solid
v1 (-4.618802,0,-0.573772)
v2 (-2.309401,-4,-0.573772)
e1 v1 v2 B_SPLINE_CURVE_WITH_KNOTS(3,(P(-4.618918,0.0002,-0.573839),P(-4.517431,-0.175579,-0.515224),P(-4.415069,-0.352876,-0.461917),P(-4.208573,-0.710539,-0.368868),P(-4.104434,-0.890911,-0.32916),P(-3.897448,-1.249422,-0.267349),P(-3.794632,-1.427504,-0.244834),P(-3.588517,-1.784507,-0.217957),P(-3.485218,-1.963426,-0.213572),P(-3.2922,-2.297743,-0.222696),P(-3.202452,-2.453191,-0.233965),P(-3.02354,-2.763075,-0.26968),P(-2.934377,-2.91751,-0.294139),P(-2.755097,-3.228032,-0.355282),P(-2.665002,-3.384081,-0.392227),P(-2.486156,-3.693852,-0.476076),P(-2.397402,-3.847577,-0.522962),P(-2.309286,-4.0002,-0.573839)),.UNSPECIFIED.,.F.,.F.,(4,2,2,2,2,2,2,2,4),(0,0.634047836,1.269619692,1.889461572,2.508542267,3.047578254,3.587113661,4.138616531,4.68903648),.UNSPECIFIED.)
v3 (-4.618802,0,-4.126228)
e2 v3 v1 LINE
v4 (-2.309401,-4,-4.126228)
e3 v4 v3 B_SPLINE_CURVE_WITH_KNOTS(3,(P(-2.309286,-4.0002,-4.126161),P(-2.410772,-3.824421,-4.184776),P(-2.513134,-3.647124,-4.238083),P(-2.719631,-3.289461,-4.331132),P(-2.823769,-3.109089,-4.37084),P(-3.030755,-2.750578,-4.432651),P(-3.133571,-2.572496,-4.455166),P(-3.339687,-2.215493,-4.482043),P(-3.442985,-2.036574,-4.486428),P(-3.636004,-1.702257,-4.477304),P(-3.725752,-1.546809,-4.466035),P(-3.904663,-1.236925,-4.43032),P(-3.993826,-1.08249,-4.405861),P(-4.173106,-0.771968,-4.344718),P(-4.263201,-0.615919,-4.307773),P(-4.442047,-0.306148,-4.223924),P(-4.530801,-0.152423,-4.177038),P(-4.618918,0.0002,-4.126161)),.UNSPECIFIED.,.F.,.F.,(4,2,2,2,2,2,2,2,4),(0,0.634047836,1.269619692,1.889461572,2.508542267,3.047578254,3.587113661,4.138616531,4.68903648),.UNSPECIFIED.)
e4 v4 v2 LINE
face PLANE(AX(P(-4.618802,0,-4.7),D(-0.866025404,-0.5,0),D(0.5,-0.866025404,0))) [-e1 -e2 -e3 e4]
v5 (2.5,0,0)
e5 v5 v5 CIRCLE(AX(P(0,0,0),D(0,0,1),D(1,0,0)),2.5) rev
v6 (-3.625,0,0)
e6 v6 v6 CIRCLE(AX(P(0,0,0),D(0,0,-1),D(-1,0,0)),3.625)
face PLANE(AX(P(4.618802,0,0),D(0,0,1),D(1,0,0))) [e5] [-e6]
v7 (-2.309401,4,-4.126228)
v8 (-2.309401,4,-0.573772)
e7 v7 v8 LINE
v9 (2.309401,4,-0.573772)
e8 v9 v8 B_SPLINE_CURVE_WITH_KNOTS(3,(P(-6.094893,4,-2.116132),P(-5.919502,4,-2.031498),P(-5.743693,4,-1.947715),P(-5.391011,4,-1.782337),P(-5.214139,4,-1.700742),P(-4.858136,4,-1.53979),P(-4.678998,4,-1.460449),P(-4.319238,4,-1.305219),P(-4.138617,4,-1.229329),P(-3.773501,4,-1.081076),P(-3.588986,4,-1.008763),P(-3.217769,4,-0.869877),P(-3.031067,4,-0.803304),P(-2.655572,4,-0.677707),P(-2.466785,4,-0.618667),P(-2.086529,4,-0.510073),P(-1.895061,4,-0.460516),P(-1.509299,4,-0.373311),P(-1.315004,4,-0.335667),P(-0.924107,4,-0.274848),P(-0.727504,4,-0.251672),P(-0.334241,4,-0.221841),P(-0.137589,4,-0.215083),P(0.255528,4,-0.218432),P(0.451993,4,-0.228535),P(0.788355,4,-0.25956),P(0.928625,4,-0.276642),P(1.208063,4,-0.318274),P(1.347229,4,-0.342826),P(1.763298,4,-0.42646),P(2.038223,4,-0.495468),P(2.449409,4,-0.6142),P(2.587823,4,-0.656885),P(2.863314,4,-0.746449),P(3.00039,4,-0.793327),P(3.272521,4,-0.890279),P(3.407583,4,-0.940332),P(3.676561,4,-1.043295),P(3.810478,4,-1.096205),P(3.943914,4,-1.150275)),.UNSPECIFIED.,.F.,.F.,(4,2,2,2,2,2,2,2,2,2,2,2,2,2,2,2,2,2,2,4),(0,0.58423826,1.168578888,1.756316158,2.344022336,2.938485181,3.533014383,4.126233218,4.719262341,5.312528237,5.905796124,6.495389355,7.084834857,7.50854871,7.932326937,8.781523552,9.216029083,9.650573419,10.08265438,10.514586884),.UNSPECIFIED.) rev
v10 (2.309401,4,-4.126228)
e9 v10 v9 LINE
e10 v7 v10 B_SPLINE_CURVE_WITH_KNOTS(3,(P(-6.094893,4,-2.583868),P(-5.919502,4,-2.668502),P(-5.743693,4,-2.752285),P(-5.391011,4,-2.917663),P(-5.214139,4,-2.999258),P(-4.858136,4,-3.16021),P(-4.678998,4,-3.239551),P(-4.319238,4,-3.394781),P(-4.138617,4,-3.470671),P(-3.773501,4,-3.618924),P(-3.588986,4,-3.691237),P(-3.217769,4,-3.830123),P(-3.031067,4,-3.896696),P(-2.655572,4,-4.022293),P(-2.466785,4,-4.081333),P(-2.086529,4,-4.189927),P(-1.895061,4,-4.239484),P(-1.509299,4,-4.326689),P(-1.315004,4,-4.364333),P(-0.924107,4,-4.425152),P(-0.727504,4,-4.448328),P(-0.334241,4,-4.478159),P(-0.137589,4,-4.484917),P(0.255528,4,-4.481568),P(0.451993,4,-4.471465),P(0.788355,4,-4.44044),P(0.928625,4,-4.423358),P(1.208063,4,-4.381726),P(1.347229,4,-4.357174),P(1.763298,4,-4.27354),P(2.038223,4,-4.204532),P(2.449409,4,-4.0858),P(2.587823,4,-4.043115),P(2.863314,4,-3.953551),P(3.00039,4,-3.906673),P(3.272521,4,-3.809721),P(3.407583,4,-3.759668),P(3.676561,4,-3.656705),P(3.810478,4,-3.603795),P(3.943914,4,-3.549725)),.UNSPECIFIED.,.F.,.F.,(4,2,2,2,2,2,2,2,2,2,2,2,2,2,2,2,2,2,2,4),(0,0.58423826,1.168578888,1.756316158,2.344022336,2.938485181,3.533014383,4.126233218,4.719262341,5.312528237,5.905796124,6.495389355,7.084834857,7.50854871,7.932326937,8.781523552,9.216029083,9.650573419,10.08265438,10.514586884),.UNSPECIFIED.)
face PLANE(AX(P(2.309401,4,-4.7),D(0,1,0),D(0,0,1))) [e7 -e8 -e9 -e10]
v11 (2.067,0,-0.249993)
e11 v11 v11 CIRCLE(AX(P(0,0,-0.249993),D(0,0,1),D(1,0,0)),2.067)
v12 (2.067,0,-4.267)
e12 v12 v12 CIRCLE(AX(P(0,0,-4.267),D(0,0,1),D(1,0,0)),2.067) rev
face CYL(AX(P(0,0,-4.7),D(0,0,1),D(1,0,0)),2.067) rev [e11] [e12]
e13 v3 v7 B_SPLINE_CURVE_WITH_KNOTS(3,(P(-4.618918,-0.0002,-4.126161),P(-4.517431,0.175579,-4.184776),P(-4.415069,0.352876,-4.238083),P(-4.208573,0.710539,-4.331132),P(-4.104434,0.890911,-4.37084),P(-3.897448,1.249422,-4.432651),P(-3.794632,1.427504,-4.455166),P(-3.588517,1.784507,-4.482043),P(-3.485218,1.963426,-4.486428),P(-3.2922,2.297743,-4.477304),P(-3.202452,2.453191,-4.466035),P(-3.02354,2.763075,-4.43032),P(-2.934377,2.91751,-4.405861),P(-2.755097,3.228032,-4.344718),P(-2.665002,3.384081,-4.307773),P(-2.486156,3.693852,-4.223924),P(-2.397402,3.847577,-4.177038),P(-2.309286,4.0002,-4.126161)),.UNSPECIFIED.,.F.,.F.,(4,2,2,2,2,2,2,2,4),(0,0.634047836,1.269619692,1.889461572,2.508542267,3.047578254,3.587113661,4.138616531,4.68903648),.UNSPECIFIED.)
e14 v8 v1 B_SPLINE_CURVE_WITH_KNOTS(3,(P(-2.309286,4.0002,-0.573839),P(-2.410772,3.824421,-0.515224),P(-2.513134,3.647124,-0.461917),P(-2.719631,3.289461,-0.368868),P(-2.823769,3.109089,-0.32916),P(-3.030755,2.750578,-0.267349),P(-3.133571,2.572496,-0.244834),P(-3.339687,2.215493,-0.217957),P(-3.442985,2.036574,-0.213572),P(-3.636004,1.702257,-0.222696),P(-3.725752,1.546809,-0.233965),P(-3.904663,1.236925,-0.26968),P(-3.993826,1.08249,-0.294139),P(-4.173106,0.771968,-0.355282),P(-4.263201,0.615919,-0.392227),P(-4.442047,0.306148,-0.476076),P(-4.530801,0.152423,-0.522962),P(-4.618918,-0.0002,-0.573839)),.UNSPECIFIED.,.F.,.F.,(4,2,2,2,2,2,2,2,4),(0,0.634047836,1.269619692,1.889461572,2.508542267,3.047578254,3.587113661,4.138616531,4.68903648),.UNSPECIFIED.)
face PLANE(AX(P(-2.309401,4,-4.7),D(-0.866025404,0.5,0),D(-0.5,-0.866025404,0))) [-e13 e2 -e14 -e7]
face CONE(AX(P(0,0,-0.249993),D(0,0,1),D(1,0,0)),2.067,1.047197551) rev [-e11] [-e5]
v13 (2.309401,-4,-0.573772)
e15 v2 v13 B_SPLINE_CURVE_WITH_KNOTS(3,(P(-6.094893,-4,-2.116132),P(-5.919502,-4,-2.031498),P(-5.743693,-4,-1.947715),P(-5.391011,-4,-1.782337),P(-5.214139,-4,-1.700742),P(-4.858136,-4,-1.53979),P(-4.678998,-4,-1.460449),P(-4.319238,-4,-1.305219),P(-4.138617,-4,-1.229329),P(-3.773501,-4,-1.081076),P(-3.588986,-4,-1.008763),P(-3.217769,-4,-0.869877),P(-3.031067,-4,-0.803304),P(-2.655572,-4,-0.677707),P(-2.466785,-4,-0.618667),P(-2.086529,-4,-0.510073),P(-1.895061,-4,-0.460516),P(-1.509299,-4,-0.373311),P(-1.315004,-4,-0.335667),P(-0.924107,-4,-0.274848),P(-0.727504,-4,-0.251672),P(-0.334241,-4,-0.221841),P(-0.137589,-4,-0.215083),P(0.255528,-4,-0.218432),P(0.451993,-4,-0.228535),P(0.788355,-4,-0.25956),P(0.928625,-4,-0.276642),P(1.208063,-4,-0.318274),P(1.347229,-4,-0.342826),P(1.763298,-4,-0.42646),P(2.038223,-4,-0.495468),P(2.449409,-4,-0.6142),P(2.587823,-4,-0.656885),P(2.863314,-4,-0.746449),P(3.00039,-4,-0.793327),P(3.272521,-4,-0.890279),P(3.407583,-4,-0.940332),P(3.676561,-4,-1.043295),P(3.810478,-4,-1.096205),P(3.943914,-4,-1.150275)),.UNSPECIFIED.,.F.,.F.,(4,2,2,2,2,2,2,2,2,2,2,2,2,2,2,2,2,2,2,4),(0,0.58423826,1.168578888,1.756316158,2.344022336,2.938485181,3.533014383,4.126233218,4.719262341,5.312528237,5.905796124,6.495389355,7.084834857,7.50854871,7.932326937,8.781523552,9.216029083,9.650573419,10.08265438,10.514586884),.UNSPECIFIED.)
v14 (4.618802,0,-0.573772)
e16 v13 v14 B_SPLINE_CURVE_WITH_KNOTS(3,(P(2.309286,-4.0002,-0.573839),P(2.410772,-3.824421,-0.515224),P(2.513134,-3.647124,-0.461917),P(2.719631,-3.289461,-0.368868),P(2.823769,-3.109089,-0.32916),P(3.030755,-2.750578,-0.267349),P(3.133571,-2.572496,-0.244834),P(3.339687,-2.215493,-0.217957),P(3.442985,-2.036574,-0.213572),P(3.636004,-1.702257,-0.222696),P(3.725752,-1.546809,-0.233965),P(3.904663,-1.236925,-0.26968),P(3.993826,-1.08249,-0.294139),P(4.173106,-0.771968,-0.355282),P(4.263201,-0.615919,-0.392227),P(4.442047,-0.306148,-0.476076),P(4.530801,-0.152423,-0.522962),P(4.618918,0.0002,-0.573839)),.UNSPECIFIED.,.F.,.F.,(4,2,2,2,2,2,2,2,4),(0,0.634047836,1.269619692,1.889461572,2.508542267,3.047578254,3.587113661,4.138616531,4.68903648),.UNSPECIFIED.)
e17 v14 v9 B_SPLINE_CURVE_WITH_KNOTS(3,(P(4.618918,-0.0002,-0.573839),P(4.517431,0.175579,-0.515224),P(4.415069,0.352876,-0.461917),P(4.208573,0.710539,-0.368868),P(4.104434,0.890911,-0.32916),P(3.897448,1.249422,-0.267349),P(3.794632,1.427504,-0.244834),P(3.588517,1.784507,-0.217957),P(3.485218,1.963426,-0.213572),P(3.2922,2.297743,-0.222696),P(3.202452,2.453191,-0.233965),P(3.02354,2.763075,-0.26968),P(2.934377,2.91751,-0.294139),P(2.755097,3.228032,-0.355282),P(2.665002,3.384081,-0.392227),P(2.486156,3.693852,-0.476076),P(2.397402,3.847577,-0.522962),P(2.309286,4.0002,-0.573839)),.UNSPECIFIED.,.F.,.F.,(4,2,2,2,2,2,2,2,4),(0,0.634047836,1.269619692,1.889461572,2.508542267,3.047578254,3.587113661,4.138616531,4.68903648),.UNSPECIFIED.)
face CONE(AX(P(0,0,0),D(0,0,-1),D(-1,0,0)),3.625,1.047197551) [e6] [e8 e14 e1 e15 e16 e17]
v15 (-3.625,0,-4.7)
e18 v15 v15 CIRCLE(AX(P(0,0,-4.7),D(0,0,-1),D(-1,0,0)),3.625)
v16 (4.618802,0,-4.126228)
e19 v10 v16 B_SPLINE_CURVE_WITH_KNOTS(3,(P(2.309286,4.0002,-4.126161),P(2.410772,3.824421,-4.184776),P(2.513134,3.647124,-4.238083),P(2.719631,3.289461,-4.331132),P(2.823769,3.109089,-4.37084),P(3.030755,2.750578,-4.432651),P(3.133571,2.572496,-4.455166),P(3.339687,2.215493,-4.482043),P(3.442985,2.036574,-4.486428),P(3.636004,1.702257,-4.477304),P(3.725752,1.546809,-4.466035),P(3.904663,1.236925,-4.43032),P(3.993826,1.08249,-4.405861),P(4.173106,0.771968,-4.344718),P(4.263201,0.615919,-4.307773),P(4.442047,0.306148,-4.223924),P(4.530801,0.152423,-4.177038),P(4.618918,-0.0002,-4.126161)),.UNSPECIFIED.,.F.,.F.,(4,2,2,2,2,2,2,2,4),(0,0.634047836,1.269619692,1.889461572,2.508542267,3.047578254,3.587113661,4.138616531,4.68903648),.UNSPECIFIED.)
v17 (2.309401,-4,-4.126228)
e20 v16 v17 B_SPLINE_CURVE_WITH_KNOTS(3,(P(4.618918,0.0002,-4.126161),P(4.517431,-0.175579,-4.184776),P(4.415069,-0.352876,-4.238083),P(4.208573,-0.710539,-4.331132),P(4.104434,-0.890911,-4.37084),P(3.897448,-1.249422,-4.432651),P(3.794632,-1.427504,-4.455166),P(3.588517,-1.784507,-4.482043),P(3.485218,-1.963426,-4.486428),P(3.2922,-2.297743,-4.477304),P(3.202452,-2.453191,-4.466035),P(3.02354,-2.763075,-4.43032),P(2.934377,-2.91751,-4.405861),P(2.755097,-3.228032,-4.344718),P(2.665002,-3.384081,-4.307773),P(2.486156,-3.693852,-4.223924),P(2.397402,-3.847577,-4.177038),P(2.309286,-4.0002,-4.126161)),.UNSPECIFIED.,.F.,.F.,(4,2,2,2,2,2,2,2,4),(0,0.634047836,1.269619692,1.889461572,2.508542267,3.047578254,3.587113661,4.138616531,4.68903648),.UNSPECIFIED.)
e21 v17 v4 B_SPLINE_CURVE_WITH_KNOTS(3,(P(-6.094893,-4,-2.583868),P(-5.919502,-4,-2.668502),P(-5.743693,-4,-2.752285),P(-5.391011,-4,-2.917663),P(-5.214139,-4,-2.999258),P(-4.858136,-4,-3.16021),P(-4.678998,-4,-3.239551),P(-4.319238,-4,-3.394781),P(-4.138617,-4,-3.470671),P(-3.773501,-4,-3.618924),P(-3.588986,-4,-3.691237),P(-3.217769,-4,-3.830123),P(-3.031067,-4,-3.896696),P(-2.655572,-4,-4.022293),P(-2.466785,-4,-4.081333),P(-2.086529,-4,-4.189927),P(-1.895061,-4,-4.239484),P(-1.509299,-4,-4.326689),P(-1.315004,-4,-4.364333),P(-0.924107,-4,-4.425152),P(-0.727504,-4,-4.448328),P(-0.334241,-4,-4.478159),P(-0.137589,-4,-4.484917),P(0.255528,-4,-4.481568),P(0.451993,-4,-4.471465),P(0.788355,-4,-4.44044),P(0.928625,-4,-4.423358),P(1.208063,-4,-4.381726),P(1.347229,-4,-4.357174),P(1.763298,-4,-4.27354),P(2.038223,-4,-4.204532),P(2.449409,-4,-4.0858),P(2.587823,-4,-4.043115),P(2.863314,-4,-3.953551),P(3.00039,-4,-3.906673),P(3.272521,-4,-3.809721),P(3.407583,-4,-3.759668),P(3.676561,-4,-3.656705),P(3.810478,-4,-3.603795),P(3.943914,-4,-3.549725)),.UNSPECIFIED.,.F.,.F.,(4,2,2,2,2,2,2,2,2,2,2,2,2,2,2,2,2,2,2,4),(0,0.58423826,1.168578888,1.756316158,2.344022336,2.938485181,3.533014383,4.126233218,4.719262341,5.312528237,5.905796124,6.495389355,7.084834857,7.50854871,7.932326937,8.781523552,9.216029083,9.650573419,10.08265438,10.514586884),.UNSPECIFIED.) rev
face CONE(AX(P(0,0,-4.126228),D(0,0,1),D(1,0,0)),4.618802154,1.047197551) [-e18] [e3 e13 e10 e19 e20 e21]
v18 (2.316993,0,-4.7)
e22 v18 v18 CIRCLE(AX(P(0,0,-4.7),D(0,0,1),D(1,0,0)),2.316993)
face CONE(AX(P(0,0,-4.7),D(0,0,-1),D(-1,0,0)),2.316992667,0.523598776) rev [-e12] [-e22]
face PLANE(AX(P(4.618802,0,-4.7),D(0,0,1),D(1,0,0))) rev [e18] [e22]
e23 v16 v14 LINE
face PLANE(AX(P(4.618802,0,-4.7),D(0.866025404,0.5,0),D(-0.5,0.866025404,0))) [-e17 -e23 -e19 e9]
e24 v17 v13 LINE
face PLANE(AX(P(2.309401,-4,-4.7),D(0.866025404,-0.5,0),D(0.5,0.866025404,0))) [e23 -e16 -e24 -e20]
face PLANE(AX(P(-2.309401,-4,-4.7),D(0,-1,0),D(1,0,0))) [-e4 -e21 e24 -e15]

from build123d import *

# Parameters (mm, degrees)
SKETCH1_R               = 2.067
BASENUT_DEPTH           = 4.7
ENDCHAMFER_SIZE         = 0.433
ENDCHAMFER_SIZE2        = 0.249992667
ENDCHAMFER_PART_2_SIZE  = 0.433
ENDCHAMFER_PART_2_SIZE2 = 0.249992667


with BuildPart() as part:
    # Sketch1 → BaseNut (new body)
    with BuildSketch(Plane.XY):
        Polygon((4.618802154, 0), (2.309401077, 4), (-2.309401077, 4), (-4.618802154, 0), (-2.309401077, -4), (2.309401077, -4), align=None)
        Circle(SKETCH1_R, mode=Mode.SUBTRACT)
    extrude(amount=-BASENUT_DEPTH)

    # Sketch2 → Double-Chamfer (revolve, cut)
    with BuildSketch(Plane(origin=(0, 0, 0), x_dir=(1, 0, 0), z_dir=(0, 1, 0))):
        Polygon((-4.618802154, 4.7), (-3.625, 4.7), (-4.618802154, 4.126228059), align=None)
        Polygon((-4.618802154, 0.573771941), (-4.618802154, 0), (-3.625, 0), align=None)
    revolve(axis=Axis((0, 0, -3.375940562), (0, 0, 1)), mode=Mode.SUBTRACT)

    # EndChamfer
    endchamfer_edges = [part.edges().sort_by_distance(p)[0] for p in [
        (-2.067, 0, -4.7),
    ]]
    endchamfer_side = [part.faces().sort_by_distance(p)[0] for p in [
        (-2.067, 0, -2.35),
    ]]
    chamfer(endchamfer_edges, length=ENDCHAMFER_SIZE, length2=ENDCHAMFER_SIZE2, reference=endchamfer_side[0])

    # EndChamfer part 2
    endchamfer_part_2_edges = [part.edges().sort_by_distance(p)[0] for p in [
        (-2.067, 0, 0),
    ]]
    endchamfer_part_2_side = [part.faces().sort_by_distance(p)[0] for p in [
        (3.522469517, 0, 0),
    ]]
    chamfer(endchamfer_part_2_edges, length=ENDCHAMFER_PART_2_SIZE, length2=ENDCHAMFER_PART_2_SIZE2, reference=endchamfer_part_2_side[0])


solid = part.part
